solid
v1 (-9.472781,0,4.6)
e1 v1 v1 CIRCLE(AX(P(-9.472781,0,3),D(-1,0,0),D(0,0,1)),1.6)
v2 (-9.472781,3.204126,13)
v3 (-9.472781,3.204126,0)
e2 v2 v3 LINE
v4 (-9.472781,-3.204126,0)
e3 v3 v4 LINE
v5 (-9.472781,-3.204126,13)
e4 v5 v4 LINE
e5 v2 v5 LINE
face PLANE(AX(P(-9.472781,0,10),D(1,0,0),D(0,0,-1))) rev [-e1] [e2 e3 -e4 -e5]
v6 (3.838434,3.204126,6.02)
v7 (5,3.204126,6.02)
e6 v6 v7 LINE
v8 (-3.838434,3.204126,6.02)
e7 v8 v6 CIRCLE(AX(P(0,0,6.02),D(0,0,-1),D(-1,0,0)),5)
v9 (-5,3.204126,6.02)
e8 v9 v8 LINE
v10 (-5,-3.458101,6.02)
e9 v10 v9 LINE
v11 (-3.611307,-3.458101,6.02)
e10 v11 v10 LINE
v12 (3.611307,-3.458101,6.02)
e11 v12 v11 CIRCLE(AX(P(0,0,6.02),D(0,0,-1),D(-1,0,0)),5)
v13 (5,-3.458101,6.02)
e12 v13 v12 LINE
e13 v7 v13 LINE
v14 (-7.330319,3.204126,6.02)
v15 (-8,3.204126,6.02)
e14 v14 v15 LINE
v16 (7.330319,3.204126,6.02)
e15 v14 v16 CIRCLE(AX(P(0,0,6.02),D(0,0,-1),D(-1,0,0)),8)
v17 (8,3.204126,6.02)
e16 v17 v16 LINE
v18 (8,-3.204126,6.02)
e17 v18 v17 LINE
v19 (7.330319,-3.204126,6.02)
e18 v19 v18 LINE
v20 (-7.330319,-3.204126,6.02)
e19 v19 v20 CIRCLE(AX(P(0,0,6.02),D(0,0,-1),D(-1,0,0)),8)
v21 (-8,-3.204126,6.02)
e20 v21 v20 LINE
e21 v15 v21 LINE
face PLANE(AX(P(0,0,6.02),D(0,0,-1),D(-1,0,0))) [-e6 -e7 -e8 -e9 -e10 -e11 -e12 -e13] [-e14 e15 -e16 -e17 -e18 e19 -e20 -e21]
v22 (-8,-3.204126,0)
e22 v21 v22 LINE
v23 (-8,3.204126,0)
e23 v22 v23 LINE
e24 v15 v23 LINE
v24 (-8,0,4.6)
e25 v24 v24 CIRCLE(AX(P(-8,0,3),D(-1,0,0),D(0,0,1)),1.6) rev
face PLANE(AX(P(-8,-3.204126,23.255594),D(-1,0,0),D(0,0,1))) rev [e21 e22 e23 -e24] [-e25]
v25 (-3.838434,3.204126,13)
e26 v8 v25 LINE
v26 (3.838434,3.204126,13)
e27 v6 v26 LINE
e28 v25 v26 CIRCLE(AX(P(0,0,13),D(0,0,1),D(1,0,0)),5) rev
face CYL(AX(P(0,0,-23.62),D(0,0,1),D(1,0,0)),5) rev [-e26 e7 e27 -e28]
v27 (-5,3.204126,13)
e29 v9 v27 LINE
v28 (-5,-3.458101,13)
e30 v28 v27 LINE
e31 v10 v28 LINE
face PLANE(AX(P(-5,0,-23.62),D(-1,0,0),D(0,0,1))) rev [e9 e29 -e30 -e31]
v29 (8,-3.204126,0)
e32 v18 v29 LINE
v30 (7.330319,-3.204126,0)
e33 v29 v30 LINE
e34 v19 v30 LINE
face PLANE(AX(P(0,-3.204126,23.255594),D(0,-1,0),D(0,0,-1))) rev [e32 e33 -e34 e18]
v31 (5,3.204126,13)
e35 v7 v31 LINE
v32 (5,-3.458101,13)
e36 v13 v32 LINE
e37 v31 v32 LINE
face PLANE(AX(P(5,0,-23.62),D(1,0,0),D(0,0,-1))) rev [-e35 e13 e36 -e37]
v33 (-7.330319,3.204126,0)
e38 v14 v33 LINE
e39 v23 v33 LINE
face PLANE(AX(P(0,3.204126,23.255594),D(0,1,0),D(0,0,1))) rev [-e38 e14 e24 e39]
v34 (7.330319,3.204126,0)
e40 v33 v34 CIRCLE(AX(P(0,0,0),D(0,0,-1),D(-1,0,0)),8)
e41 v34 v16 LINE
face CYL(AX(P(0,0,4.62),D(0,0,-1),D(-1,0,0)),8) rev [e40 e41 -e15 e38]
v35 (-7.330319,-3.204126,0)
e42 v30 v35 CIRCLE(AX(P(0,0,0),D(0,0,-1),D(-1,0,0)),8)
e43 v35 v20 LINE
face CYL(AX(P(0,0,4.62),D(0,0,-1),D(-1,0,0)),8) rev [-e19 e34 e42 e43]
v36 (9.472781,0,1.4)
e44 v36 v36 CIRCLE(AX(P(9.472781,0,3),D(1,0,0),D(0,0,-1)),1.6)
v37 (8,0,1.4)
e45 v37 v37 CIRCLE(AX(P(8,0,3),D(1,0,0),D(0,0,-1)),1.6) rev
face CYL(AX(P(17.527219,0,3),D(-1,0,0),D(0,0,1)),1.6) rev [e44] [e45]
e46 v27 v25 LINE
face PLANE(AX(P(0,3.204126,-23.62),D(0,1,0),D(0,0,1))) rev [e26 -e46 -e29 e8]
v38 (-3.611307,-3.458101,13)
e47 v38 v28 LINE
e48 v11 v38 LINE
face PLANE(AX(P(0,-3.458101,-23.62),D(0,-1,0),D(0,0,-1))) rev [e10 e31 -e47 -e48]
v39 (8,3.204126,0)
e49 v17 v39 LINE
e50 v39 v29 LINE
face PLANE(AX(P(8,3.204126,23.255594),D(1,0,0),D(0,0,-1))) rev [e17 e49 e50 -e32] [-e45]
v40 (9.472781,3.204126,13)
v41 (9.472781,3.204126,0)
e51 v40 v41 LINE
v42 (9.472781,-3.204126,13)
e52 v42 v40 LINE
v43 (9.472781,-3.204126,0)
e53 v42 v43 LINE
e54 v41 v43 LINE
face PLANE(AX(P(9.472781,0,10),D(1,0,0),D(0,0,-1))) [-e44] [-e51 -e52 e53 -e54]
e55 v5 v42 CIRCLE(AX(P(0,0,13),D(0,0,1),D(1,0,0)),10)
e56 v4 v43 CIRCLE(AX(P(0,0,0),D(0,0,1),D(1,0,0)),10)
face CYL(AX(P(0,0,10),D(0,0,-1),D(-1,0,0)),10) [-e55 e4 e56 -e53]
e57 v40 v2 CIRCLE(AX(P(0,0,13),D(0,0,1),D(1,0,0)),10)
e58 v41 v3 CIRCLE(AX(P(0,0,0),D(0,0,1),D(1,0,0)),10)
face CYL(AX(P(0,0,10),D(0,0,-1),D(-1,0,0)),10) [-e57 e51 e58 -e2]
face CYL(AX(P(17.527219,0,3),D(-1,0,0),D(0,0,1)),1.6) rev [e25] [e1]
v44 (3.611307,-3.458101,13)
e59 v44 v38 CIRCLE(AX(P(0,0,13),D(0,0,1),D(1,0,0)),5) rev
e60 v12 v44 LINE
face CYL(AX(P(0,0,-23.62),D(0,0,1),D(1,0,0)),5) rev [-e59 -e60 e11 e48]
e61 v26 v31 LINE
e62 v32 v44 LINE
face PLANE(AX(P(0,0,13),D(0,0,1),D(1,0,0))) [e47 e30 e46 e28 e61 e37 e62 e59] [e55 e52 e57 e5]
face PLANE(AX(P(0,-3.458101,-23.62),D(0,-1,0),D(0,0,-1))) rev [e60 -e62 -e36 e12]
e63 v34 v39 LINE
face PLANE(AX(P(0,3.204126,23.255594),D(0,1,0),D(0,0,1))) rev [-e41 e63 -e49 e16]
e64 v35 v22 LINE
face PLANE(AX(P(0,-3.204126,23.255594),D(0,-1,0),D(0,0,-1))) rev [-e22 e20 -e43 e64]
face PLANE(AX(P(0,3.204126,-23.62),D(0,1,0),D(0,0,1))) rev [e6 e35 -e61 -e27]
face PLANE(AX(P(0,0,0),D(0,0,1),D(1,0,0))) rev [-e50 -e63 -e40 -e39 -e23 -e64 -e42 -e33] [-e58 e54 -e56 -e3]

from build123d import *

# Parameters (mm, degrees)
EXTRUDE_2_DEPTH      = 10
SKETCH_5_R           = 1.6
CUT_EXTRUDE_1_DEPTH  = 27
SKETCH_8_R           = 8
EXTRUDE_4_DEPTH      = 10
SKETCH_8_3_R         = 8
CUT_EXTRUDE_4_DEPTH  = 4.62
SKETCH_10_R          = 5
CUT_EXTRUDE_6_DEPTH  = 33.62
CUT_EXTRUDE_7_DEPTH  = 33.62
EXTRUDE_5_DEPTH      = 3
SKETCH_13_R          = 8
CUT_EXTRUDE_8_DEPTH  = 1.4
CUT_EXTRUDE_10_DEPTH = 6.02


with BuildPart() as part:
    # 草图4 → 凸台-拉伸2 (new body)
    with BuildSketch(Plane.XY):
        with BuildLine():
            Line((-9.472780877, 3.204125849), (-7.330319061, 3.204125849))
            ThreePointArc((-7.330319061, 3.204125849), (0, 8), (7.330319061, 3.204125849))
            Line((7.330319061, 3.204125849), (9.472780877, 3.204125849))
            ThreePointArc((9.472780877, 3.204125849), (0, 10), (-9.472780877, 3.204125849))
        make_face()
        with BuildLine():
            Line((9.472780877, 3.204125849), (7.330319061, 3.204125849))
            ThreePointArc((7.330319061, 3.204125849), (7.83079027, 1.636680712), (8, 0))
            ThreePointArc((8, 0), (7.83079027, -1.636680712), (7.330319061, -3.204125849))
            Line((7.330319061, -3.204125849), (9.472780877, -3.204125849))
            Line((9.472780877, -3.204125849), (9.472780877, 3.204125849))
        make_face()
        with BuildLine():
            ThreePointArc((7.330319061, -3.204125849), (0, -8), (-7.330319061, -3.204125849))
            Line((-7.330319061, -3.204125849), (-9.472780877, -3.204125849))
            ThreePointArc((-9.472780877, -3.204125849), (0, -10), (9.472780877, -3.204125849))
            Line((9.472780877, -3.204125849), (7.330319061, -3.204125849))
        make_face()
        with BuildLine():
            ThreePointArc((-7.330319061, -3.204125849), (-8, 0), (-7.330319061, 3.204125849))
            Line((-7.330319061, 3.204125849), (-9.472780877, 3.204125849))
            Line((-9.472780877, 3.204125849), (-9.472780877, -3.204125849))
            Line((-9.472780877, -3.204125849), (-7.330319061, -3.204125849))
        make_face()
    extrude(amount=EXTRUDE_2_DEPTH)

    # 草图5 → 切除-拉伸1 (cut)
    with BuildSketch(Plane.ZY.offset(9.472780877)):
        with Locations((3, 0)):
            Circle(SKETCH_5_R)
    extrude(amount=-CUT_EXTRUDE_1_DEPTH, mode=Mode.SUBTRACT)

    # 草图8 → 凸台-拉伸4 (add)
    with BuildSketch(Plane(origin=(0, 0, 0), x_dir=(-1, 0, 0), z_dir=(0, 0, -1))):
        Circle(SKETCH_8_R)
    extrude(amount=-EXTRUDE_4_DEPTH)

    # 草图8<3> → 切除-拉伸4 (cut)
    with BuildSketch(Plane(origin=(0, 0, 0), x_dir=(-1, 0, 0), z_dir=(0, 0, -1))):
        Circle(SKETCH_8_3_R)
    extrude(amount=-CUT_EXTRUDE_4_DEPTH, mode=Mode.SUBTRACT)

    # 草图10 → 切除-拉伸6 (cut)
    with BuildSketch(Plane.XY.offset(10)):
        Circle(SKETCH_10_R)
    extrude(amount=-CUT_EXTRUDE_6_DEPTH, mode=Mode.SUBTRACT)

    # 草图11 → 切除-拉伸7 (cut)
    with BuildSketch(Plane.XY.offset(10)):
        with BuildLine():
            ThreePointArc((5, 0), (4.639856446, -1.863258479), (3.611307136, -3.458100746))
            Line((3.611307136, -3.458100746), (5, -3.458100746))
            Line((5, -3.458100746), (5, 0))
        make_face()
        with BuildLine():
            Line((5, 3.204125849), (3.838434257, 3.204125849))
            ThreePointArc((3.838434257, 3.204125849), (4.700647364, 1.704087544), (5, 0))
            Line((5, 0), (5, 3.204125849))
        make_face()
        with BuildLine():
            Line((-3.838434257, 3.204125849), (-5, 3.204125849))
            Line((-5, 3.204125849), (-5, 0))
            ThreePointArc((-5, 0), (-4.700647364, 1.704087544), (-3.838434257, 3.204125849))
        make_face()
        with BuildLine():
            ThreePointArc((-3.611307136, -3.458100746), (-4.639856446, -1.863258479), (-5, 0))
            Line((-5, 0), (-5, -3.458100746))
            Line((-5, -3.458100746), (-3.611307136, -3.458100746))
        make_face()
    extrude(amount=-CUT_EXTRUDE_7_DEPTH, mode=Mode.SUBTRACT)

    # 草图14 → 凸台-拉伸5 (add)
    with BuildSketch(Plane.XY.offset(10)):
        with BuildLine():
            Line((-9.472780877, 3.204125849), (-9.472780877, -3.204125849))
            ThreePointArc((-9.472780877, -3.204125849), (0, -10), (9.472780877, -3.204125849))
            Line((9.472780877, -3.204125849), (9.472780877, 3.204125849))
            ThreePointArc((9.472780877, 3.204125849), (0, 10), (-9.472780877, 3.204125849))
        make_face()
        with BuildLine():
            ThreePointArc((-3.838434257, 3.204125849), (0, 5), (3.838434257, 3.204125849))
            Line((3.838434257, 3.204125849), (5, 3.204125849))
            Line((5, 3.204125849), (5, -3.458100746))
            Line((5, -3.458100746), (3.611307136, -3.458100746))
            ThreePointArc((3.611307136, -3.458100746), (0, -5), (-3.611307136, -3.458100746))
            Line((-3.611307136, -3.458100746), (-5, -3.458100746))
            Line((-5, -3.458100746), (-5, 3.204125849))
            Line((-5, 3.204125849), (-3.838434257, 3.204125849))
        make_face(mode=Mode.SUBTRACT)
    extrude(amount=EXTRUDE_5_DEPTH)

    # 草图13 → 切除-拉伸8 (cut)
    with BuildSketch(Plane(origin=(0, 0, 4.62), x_dir=(-1, 0, 0), z_dir=(0, 0, -1))):
        Circle(SKETCH_13_R)
        with BuildLine():
            Line((-5, -3.458100746), (-3.611307136, -3.458100746))
            ThreePointArc((-3.611307136, -3.458100746), (0, -5), (3.611307136, -3.458100746))
            Line((3.611307136, -3.458100746), (5, -3.458100746))
            Line((5, -3.458100746), (5, 3.204125849))
            Line((5, 3.204125849), (3.838434257, 3.204125849))
            ThreePointArc((3.838434257, 3.204125849), (0, 5), (-3.838434257, 3.204125849))
            Line((-3.838434257, 3.204125849), (-5, 3.204125849))
            Line((-5, 3.204125849), (-5, -3.458100746))
        make_face(mode=Mode.SUBTRACT)
    extrude(amount=-CUT_EXTRUDE_8_DEPTH, mode=Mode.SUBTRACT)

    # 草图15 → 切除-拉伸10 (cut)
    with BuildSketch(Plane(origin=(0, 0, 0), x_dir=(-1, 0, 0), z_dir=(0, 0, -1))):
        Polygon((-8, 3.204125849), (-8, -3.204125849), (8, -3.204125849), (8, 3.204125849), (-7.888349605, 3.204125849), align=None)
    extrude(amount=-CUT_EXTRUDE_10_DEPTH, mode=Mode.SUBTRACT)


solid = part.part
